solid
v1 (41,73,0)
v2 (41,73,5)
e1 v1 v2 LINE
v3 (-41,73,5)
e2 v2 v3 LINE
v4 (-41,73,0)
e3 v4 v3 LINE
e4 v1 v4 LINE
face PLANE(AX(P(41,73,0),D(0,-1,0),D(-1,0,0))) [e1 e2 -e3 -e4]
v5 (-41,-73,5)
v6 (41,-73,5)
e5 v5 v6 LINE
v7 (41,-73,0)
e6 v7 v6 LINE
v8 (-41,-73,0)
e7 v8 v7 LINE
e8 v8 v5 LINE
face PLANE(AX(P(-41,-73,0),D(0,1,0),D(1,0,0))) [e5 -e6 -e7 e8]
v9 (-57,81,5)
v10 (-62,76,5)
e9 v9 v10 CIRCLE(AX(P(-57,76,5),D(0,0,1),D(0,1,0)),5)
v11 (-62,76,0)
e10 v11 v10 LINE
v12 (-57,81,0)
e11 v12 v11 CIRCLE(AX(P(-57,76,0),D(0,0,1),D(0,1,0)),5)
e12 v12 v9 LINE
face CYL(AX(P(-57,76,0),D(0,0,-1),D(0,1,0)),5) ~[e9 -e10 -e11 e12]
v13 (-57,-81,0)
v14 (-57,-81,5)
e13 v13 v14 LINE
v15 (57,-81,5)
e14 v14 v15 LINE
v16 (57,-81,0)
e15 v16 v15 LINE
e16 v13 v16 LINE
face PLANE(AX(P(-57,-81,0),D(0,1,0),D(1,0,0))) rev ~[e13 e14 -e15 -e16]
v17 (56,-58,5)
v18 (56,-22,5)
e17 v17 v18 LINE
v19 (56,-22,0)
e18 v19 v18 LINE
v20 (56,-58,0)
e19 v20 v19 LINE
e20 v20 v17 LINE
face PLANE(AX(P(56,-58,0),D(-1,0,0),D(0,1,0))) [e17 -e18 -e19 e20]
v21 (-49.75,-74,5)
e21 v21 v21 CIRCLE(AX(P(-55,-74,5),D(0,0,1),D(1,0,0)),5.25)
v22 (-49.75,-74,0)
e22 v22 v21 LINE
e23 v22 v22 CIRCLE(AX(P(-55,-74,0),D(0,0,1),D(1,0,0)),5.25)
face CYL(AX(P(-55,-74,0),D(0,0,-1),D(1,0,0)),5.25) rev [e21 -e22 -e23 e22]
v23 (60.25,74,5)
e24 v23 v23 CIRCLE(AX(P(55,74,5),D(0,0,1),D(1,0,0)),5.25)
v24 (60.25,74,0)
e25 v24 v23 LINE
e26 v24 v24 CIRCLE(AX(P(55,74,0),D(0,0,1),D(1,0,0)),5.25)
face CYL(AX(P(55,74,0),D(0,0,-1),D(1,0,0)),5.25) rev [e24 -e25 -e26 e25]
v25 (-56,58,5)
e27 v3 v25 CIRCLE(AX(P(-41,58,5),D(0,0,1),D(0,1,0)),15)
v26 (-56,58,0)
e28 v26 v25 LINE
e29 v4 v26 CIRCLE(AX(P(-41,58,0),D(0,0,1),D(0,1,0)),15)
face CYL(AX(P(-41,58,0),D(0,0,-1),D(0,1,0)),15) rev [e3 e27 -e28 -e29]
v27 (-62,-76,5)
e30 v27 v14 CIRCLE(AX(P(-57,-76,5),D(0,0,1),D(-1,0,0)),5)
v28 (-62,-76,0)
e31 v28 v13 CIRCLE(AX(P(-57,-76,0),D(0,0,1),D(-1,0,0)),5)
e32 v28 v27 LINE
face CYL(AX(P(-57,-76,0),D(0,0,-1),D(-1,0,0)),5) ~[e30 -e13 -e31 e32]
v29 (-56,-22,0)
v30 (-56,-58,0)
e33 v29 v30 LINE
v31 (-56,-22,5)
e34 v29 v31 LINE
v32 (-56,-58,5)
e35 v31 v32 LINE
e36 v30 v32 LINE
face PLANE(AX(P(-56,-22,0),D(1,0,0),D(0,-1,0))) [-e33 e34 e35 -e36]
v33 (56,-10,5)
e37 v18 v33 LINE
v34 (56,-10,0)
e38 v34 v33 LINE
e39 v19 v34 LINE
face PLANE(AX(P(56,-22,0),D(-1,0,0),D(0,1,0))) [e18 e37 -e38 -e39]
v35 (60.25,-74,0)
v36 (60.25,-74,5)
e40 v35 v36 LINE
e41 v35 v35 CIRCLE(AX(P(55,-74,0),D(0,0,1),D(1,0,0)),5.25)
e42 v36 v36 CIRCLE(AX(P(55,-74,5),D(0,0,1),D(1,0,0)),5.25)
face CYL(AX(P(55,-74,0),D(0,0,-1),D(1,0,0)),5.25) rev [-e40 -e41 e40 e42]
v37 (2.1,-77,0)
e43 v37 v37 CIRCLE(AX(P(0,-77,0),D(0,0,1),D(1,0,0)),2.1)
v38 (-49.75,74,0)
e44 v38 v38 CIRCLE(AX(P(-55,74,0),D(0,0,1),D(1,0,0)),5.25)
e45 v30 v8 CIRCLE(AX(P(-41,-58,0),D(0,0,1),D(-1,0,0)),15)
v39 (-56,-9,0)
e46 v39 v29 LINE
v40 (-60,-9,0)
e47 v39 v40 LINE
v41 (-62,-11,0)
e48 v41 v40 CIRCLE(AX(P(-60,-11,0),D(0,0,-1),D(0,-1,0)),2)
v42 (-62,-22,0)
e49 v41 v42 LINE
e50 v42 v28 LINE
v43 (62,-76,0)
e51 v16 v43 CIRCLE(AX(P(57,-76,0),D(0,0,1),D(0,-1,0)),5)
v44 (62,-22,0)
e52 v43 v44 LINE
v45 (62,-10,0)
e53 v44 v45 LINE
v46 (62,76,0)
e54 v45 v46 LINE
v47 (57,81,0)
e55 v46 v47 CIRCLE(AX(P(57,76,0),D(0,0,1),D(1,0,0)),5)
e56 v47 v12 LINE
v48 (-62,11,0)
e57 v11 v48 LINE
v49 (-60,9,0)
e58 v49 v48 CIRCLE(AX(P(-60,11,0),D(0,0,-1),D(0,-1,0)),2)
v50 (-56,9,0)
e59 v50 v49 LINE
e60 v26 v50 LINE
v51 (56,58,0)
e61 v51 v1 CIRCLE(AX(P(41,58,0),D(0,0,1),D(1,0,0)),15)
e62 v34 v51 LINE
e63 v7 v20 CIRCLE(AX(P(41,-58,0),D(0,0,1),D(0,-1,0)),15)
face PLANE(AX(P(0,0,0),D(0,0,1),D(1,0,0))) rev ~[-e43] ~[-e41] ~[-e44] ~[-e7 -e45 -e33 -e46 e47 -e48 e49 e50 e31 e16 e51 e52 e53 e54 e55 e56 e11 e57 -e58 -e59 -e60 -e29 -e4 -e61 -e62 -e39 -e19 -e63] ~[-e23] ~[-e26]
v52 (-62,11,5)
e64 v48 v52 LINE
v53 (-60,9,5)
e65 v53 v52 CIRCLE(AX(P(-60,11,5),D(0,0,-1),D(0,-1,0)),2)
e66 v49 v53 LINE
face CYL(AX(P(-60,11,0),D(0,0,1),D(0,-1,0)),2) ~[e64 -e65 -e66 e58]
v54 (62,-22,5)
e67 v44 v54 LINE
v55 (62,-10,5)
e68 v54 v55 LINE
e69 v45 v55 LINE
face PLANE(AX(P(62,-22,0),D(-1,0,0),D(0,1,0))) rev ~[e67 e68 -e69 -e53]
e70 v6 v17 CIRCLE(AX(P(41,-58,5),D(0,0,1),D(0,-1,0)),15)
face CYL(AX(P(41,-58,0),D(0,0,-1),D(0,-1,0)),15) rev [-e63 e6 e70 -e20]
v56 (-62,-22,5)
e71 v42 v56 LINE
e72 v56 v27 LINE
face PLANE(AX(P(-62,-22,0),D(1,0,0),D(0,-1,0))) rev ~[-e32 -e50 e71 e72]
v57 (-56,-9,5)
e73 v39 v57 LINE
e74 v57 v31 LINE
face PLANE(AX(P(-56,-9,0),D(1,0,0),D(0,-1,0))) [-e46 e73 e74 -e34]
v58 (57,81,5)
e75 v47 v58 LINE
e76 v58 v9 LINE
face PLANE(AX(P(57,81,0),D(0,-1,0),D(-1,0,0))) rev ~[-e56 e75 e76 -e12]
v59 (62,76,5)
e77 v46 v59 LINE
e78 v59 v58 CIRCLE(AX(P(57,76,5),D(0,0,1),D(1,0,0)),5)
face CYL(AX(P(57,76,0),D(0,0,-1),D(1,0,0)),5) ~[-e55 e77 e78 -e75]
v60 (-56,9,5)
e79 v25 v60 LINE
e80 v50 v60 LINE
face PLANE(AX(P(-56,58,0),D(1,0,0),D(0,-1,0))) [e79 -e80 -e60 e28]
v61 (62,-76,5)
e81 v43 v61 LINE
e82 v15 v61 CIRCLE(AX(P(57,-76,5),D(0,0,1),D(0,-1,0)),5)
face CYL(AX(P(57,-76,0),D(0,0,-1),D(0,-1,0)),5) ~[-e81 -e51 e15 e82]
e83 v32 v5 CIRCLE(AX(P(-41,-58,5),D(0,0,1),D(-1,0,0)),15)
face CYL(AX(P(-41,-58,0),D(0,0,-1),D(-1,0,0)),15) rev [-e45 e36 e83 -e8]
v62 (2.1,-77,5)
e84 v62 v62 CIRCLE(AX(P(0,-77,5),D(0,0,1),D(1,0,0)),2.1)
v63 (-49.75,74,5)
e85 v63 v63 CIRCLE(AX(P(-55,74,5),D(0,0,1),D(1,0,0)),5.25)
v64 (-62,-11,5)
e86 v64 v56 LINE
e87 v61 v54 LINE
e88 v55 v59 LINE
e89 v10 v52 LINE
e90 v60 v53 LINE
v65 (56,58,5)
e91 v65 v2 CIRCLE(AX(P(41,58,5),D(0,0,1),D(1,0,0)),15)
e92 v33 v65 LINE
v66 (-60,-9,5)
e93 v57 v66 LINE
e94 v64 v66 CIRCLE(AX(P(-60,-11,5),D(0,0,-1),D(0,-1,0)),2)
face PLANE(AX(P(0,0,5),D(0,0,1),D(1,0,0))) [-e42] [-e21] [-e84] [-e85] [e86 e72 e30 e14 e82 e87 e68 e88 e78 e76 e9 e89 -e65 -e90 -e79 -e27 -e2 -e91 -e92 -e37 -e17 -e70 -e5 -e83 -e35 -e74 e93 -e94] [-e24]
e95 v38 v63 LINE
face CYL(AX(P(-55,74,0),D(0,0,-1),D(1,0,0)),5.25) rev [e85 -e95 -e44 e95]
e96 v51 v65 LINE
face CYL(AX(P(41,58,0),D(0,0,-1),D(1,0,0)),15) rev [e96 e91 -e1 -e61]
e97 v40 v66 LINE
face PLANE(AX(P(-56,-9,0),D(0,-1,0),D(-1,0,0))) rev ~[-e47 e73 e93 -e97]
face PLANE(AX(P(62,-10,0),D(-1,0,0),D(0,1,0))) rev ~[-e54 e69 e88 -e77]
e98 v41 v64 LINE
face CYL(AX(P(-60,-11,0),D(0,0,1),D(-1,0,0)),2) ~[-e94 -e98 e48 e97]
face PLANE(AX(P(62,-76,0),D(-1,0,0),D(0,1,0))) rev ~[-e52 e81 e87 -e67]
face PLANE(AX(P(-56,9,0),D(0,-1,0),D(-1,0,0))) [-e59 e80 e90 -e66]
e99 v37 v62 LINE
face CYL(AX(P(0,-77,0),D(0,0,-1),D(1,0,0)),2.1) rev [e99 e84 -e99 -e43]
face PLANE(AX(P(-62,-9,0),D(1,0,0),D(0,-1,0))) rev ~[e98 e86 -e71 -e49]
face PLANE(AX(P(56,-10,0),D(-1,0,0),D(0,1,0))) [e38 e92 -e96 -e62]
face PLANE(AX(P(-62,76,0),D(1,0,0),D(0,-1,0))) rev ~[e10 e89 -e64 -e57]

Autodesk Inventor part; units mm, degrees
ref_plane "YZ Plane" through (0, 0, 0) normal (1, 0, 0) x (0, 1, 0)
ref_plane "XZ Plane" through (0, 0, 0) normal (0, 1, 0) x (-1, 0, 0)
ref_plane "XY Plane" through (0, 0, 0) normal (0, 0, 1) x (1, 0, 0)
sketch "Sketch1" plane through (0, 0, 0) normal (0, 0, 1) x (1, 0, 0)
  line L0 (-57, -81) -> (57, -81)
  line L1 (62, -76) -> (62, -22)
  line L2 (57, 81) -> (-57, 81)
  line L3 (-62, 76) -> (-62, 9)
  line L4 (-41, -73) -> (41, -73)
  line L5 (56, -58) -> (56, -22)
  line L6 (41, 73) -> (-41, 73)
  line L7 (-56, 58) -> (-56, 9)
  arc A0 (-56, -58) -> (-41, -73) centre (-41, -58) ccw
  arc A1 (-41, 73) -> (-56, 58) centre (-41, 58) ccw
  arc A2 (56, 58) -> (41, 73) centre (41, 58) ccw
  arc A3 (41, -73) -> (56, -58) centre (41, -58) ccw
  line L8 (56, -22) -> (62, -22) construction
  line L9 (56, -10) -> (62, -10) construction
  line L10 (-56, 9) -> (-62, 9)
  line L11 (-62, -22) -> (-56, -22) construction
  line L12 (-62, -22) -> (-62, -76)
  line L13 (-62, 9) -> (-62, -9) construction
  line L14 (-56, -22) -> (-56, -58)
  line L15 (-56, 9) -> (-56, -9) construction
  line L16 (56, -22) -> (56, -10)
  line L17 (56, -10) -> (56, 58)
  line L18 (62, -22) -> (62, -10)
  line L19 (62, -10) -> (62, 76)
  arc A4 (-62, -76) -> (-57, -81) centre (-57, -76) ccw
  arc A5 (-57, 81) -> (-62, 76) centre (-57, 76) ccw
  arc A6 (62, 76) -> (57, 81) centre (57, 76) ccw
  arc A7 (57, -81) -> (62, -76) centre (57, -76) ccw
  circle A8 centre (-55, -74) radius 5.25
  line L20 (-92.4325, 0) -> (79.0499, 0) construction
  line L21 (0, -100.3717) -> (0, 120.689) construction
  circle A9 centre (-55, 74) radius 5.25
  circle A10 centre (55, -74) radius 5.25
  circle A11 centre (55, 74) radius 5.25
  line L22 (-56, -9) -> (-62, -9)
  line L23 (-62, -9) -> (-62, -22)
  line L24 (-56, -9) -> (-56, -22)
  circle A12 centre (0, -77) radius 2.1
  point P0 (0, 0)
  point P1 (-62, -81)
  point P2 (62, 81)
  point P3 (-62, 81)
  dimension "d0" = 162
  dimension "d1" = 124
  dimension "d2" = 62
  dimension "d3" = 81
  dimension "d4" = 6
  dimension "d5" = 8
  dimension "d6" = 6
  dimension "d7" = 8
  dimension "d8" = 15
  dimension "d9" = 12
  dimension "d10" = 59
  dimension "d11" = 59
  dimension "d12" = 72
  dimension "d13" = 5
  dimension "d14" = 7
  dimension "d15" = 7
  dimension "d16" = 10.5
  dimension "d19" = 72
  dimension "d21" = 4
  dimension "d22" = 4.2
extrude "Extrusion1" add sketch "Sketch1" along normal blind 5
fillet "Fillet1" radius 2 2 edges at (-62, 9, 2.5) (-62, -9, 2.5)
properties part number "Plex_Rand_untere2" material "PET Plastic"
